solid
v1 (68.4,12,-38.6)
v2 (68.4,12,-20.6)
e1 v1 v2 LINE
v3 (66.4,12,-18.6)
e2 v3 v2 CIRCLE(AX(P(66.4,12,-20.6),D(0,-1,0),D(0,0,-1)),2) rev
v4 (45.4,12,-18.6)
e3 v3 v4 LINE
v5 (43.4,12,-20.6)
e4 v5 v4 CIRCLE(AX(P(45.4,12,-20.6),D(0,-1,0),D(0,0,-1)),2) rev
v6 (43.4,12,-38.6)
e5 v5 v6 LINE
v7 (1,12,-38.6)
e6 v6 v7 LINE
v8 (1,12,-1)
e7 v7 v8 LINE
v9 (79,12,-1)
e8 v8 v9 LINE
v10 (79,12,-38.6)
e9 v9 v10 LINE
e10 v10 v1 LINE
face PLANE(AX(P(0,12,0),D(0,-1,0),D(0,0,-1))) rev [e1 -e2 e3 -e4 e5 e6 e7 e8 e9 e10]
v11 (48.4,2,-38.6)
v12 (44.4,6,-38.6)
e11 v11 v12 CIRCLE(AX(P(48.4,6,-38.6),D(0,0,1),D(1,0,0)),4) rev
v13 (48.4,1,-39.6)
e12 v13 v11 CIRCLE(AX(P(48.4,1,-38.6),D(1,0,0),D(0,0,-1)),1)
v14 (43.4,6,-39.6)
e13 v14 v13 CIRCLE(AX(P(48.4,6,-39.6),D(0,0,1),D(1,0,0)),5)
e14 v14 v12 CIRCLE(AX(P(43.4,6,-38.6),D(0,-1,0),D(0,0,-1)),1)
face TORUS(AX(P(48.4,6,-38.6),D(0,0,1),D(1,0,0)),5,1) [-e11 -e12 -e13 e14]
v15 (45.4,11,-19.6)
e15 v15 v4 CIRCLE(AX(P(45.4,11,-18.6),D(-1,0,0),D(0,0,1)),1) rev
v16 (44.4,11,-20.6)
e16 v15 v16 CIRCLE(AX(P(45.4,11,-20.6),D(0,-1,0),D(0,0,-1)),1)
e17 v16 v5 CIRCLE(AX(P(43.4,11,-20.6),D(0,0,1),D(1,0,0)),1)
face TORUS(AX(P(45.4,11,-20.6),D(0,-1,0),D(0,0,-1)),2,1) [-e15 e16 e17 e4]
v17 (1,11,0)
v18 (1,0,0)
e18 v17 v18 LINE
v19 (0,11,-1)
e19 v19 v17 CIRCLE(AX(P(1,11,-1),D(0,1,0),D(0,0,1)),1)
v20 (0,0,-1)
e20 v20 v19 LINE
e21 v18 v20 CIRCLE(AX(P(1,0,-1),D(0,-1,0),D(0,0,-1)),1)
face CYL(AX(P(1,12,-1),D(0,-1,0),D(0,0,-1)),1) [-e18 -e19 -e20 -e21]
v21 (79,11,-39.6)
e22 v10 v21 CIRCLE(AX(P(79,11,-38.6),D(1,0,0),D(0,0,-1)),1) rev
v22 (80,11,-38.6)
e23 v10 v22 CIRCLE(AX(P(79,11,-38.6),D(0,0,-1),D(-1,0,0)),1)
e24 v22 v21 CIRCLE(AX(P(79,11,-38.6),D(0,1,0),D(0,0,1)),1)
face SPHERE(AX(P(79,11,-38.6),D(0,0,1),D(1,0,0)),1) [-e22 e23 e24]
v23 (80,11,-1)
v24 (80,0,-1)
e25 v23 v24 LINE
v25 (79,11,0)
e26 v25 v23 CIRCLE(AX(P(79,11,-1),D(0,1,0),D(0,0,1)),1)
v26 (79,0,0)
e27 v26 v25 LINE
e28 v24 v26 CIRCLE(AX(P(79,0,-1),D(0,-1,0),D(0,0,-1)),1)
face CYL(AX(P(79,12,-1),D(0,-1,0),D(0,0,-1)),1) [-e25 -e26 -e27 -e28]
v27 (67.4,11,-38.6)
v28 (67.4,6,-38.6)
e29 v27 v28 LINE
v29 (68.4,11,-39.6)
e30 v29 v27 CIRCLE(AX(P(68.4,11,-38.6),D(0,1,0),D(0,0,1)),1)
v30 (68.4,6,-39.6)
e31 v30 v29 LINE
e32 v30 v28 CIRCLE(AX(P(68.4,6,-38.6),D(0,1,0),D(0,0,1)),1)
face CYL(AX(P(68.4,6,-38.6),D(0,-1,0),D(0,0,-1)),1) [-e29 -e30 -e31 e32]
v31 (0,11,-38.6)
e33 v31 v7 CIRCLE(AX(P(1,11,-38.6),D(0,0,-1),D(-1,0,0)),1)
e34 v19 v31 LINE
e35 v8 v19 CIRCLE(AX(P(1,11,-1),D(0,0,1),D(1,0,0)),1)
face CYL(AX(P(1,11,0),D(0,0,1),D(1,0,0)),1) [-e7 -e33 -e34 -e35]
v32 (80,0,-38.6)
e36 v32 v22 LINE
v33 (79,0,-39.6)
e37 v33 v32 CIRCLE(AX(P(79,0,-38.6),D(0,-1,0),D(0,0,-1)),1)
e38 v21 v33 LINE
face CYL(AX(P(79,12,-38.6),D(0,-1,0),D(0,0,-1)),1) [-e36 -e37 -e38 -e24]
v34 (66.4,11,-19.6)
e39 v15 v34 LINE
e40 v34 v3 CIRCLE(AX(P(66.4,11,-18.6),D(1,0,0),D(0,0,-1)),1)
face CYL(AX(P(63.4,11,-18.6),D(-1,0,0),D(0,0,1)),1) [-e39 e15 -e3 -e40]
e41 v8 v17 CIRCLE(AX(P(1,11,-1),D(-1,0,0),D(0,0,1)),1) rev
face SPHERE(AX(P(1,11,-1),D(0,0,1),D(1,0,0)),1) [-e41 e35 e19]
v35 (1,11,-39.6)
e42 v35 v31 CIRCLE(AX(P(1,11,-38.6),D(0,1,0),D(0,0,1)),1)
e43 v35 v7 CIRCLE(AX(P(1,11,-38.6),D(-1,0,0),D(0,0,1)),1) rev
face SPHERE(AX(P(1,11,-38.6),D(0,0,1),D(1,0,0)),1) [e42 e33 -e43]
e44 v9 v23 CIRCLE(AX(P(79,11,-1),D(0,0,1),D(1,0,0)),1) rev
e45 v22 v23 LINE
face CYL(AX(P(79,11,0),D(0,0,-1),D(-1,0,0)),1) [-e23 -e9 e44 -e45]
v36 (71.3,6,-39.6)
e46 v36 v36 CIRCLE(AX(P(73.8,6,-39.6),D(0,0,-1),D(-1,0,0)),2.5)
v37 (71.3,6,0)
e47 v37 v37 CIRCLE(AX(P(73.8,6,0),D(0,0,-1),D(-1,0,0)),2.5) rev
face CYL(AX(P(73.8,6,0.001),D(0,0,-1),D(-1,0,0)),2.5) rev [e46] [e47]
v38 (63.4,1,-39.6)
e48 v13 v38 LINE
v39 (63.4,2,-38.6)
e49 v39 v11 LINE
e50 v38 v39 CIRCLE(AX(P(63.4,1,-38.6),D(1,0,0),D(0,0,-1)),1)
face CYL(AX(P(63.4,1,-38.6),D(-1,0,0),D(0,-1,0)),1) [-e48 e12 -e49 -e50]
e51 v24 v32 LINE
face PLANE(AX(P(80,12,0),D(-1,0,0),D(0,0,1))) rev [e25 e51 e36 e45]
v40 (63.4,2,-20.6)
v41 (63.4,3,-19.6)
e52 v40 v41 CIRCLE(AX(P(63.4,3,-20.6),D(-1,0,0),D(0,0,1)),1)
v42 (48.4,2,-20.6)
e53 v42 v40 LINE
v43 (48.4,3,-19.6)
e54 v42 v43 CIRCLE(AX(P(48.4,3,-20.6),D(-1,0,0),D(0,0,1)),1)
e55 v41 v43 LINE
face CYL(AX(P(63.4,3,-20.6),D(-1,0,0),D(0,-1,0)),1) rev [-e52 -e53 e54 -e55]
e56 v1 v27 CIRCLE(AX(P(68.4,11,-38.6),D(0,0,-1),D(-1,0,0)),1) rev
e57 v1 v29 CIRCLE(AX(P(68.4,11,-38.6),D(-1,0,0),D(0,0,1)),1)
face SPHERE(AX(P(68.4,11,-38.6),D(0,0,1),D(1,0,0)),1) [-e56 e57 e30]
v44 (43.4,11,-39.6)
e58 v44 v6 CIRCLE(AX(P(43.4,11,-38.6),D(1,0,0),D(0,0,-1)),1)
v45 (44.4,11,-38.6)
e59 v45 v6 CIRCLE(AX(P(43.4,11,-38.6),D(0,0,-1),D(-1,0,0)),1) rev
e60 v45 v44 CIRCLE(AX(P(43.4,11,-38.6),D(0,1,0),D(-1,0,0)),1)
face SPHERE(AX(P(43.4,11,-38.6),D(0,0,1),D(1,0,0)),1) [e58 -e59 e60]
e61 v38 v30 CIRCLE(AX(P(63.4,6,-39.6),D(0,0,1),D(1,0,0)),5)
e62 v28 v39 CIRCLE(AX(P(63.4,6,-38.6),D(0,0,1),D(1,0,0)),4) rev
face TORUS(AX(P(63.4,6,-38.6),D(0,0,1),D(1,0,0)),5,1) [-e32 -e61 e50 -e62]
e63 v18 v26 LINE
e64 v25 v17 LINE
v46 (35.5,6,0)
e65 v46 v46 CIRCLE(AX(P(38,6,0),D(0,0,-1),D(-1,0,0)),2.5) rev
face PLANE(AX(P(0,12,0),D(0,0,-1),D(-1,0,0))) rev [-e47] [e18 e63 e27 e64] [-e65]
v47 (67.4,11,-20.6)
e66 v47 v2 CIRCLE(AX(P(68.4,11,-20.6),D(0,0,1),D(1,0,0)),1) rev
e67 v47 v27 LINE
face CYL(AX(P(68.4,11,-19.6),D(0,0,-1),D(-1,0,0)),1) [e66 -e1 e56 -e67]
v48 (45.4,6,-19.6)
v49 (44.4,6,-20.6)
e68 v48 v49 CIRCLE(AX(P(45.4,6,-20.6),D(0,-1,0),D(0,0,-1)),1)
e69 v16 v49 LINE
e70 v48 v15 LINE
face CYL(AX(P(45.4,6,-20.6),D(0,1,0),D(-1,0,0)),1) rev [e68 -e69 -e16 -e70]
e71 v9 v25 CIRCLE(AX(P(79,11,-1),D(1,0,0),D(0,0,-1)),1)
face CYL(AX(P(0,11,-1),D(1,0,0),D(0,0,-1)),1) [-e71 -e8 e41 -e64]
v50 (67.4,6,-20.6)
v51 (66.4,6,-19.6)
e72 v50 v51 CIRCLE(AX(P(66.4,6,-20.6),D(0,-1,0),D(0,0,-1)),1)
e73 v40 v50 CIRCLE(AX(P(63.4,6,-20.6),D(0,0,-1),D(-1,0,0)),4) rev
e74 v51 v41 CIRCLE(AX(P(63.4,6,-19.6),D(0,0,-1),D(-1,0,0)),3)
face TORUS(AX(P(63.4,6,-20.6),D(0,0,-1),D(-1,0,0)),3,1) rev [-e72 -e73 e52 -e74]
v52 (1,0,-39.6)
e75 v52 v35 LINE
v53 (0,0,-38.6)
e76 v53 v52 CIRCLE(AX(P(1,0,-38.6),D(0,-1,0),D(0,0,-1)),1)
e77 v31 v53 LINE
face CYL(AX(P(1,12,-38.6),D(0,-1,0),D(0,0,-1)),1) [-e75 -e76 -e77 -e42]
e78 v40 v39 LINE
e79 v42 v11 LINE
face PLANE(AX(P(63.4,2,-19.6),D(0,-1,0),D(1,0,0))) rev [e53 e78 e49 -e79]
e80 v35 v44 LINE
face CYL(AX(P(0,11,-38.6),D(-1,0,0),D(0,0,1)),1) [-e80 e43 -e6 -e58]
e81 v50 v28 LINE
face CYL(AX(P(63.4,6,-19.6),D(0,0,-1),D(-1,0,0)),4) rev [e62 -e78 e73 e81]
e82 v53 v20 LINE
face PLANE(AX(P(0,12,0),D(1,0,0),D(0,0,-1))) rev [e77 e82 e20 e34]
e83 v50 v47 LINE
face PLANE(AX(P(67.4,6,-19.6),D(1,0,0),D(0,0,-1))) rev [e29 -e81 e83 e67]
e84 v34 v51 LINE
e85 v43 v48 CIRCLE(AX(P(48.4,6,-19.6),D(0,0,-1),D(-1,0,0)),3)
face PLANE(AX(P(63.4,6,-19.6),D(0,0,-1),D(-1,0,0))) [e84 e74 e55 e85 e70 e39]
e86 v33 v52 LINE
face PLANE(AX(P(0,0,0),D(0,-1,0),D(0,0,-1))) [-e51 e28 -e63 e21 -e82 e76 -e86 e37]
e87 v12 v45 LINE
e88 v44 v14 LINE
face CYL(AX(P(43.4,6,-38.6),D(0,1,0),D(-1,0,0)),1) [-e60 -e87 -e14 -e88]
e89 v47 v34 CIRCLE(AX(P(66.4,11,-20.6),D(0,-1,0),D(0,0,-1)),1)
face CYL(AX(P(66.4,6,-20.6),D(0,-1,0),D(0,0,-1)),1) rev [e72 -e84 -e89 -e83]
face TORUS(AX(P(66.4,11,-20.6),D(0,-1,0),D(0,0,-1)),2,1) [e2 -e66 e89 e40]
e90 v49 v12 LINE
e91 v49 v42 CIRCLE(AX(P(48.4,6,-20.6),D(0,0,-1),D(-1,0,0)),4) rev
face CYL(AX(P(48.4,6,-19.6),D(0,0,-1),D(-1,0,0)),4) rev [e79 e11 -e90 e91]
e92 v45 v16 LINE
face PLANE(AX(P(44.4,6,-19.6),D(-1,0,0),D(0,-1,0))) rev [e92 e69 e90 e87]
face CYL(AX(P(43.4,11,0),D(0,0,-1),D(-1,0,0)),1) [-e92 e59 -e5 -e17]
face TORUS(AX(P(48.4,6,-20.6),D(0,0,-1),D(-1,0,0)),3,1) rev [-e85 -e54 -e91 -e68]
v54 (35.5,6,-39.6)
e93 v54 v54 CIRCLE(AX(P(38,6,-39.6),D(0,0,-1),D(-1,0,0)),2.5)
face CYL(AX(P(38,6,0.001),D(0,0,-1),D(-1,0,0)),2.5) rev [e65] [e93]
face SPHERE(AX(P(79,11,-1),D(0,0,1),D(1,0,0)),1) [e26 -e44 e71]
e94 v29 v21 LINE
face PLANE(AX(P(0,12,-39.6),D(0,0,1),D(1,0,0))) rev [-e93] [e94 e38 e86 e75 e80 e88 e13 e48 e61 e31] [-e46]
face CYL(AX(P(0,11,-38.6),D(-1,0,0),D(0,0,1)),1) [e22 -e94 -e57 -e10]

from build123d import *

# Parameters (mm, degrees)
SKETCH1_W           = 80
SKETCH1_H           = 39.6
BOSS_EXTRUDE1_DEPTH = 12
CUT_EXTRUDE2_REACH  = 92.068
SKETCH2_R           = 2.5
CUT_EXTRUDE3_DEPTH  = 20
FILLET1_R           = 1


with BuildPart() as part:
    # Sketch1 → Boss-Extrude1 (new body)
    with BuildSketch(Plane(origin=(0, 0, 0), x_dir=(1, 0, 0), z_dir=(0, 1, 0))):
        with Locations((40, 19.8)):
            Rectangle(SKETCH1_W, SKETCH1_H)
    extrude(amount=BOSS_EXTRUDE1_DEPTH)

    # Sketch2 → Cut-Extrude2 (cut, up to next)
    with BuildSketch(Plane(origin=(0, 0, -39.6), x_dir=(-1, 0, 0), z_dir=(0, 0, -1)), mode=Mode.PRIVATE) as cut_extrude2_sk1:
        with Locations((-38, 6)):
            Circle(SKETCH2_R)
    cut_extrude2_tool1 = extrude(cut_extrude2_sk1.sketch, amount=-CUT_EXTRUDE2_REACH, mode=Mode.PRIVATE) & part.part
    # Sketch2 → Cut-Extrude2 (cut, up to next)
    with BuildSketch(Plane(origin=(0, 0, -39.6), x_dir=(-1, 0, 0), z_dir=(0, 0, -1)), mode=Mode.PRIVATE) as cut_extrude2_sk2:
        with Locations((-73.8, 6)):
            Circle(SKETCH2_R)
    cut_extrude2_tool2 = extrude(cut_extrude2_sk2.sketch, amount=-CUT_EXTRUDE2_REACH, mode=Mode.PRIVATE) & part.part
    add(cut_extrude2_tool1.solids().sort_by_distance((38, 6, -39.6))[0], mode=Mode.SUBTRACT)
    add(cut_extrude2_tool2.solids().sort_by_distance((73.8, 6, -39.6))[0], mode=Mode.SUBTRACT)

    # Sketch3 → Cut-Extrude3 (cut)
    with BuildSketch(Plane(origin=(0, 0, -39.6), x_dir=(-1, 0, 0), z_dir=(0, 0, -1))):
        with BuildLine():
            Line((-63.4, 2), (-48.4, 2))
            ThreePointArc((-48.4, 2), (-45.571572875, 3.171572875), (-44.4, 6))
            Line((-44.4, 6), (-44.4, 12))
            Line((-44.4, 12), (-67.4, 12))
            Line((-67.4, 12), (-67.4, 6))
            ThreePointArc((-67.4, 6), (-66.228427125, 3.171572875), (-63.4, 2))
        make_face()
    extrude(amount=-CUT_EXTRUDE3_DEPTH, mode=Mode.SUBTRACT)

    # Fillet1
    fillet1_edges = [part.edges().sort_by_distance(p)[0] for p in [
        (80, 12, -19.8),
        (73.7, 12, -39.6),
        (22.2, 12, -39.6),
        (66.228427125, 3.171572875, -19.6),
        (67.4, 9, -19.6),
        (55.9, 12, -19.6),
        (67.4, 12, -29.6),
        (44.4, 9, -19.6),
        (44.4, 12, -29.6),
        (45.571572875, 3.171572875, -19.6),
        (55.9, 2, -19.6),
        (66.228427125, 3.171572875, -39.6),
        (55.9, 2, -39.6),
        (45.571572875, 3.171572875, -39.6),
        (44.4, 9, -39.6),
        (67.4, 9, -39.6),
        (0, 12, -19.8),
        (40, 12, 0),
        (0, 6, -39.6),
        (80, 6, -39.6),
        (80, 6, 0),
        (0, 6, 0),
    ]]
    fillet(fillet1_edges, radius=FILLET1_R)


solid = part.part
